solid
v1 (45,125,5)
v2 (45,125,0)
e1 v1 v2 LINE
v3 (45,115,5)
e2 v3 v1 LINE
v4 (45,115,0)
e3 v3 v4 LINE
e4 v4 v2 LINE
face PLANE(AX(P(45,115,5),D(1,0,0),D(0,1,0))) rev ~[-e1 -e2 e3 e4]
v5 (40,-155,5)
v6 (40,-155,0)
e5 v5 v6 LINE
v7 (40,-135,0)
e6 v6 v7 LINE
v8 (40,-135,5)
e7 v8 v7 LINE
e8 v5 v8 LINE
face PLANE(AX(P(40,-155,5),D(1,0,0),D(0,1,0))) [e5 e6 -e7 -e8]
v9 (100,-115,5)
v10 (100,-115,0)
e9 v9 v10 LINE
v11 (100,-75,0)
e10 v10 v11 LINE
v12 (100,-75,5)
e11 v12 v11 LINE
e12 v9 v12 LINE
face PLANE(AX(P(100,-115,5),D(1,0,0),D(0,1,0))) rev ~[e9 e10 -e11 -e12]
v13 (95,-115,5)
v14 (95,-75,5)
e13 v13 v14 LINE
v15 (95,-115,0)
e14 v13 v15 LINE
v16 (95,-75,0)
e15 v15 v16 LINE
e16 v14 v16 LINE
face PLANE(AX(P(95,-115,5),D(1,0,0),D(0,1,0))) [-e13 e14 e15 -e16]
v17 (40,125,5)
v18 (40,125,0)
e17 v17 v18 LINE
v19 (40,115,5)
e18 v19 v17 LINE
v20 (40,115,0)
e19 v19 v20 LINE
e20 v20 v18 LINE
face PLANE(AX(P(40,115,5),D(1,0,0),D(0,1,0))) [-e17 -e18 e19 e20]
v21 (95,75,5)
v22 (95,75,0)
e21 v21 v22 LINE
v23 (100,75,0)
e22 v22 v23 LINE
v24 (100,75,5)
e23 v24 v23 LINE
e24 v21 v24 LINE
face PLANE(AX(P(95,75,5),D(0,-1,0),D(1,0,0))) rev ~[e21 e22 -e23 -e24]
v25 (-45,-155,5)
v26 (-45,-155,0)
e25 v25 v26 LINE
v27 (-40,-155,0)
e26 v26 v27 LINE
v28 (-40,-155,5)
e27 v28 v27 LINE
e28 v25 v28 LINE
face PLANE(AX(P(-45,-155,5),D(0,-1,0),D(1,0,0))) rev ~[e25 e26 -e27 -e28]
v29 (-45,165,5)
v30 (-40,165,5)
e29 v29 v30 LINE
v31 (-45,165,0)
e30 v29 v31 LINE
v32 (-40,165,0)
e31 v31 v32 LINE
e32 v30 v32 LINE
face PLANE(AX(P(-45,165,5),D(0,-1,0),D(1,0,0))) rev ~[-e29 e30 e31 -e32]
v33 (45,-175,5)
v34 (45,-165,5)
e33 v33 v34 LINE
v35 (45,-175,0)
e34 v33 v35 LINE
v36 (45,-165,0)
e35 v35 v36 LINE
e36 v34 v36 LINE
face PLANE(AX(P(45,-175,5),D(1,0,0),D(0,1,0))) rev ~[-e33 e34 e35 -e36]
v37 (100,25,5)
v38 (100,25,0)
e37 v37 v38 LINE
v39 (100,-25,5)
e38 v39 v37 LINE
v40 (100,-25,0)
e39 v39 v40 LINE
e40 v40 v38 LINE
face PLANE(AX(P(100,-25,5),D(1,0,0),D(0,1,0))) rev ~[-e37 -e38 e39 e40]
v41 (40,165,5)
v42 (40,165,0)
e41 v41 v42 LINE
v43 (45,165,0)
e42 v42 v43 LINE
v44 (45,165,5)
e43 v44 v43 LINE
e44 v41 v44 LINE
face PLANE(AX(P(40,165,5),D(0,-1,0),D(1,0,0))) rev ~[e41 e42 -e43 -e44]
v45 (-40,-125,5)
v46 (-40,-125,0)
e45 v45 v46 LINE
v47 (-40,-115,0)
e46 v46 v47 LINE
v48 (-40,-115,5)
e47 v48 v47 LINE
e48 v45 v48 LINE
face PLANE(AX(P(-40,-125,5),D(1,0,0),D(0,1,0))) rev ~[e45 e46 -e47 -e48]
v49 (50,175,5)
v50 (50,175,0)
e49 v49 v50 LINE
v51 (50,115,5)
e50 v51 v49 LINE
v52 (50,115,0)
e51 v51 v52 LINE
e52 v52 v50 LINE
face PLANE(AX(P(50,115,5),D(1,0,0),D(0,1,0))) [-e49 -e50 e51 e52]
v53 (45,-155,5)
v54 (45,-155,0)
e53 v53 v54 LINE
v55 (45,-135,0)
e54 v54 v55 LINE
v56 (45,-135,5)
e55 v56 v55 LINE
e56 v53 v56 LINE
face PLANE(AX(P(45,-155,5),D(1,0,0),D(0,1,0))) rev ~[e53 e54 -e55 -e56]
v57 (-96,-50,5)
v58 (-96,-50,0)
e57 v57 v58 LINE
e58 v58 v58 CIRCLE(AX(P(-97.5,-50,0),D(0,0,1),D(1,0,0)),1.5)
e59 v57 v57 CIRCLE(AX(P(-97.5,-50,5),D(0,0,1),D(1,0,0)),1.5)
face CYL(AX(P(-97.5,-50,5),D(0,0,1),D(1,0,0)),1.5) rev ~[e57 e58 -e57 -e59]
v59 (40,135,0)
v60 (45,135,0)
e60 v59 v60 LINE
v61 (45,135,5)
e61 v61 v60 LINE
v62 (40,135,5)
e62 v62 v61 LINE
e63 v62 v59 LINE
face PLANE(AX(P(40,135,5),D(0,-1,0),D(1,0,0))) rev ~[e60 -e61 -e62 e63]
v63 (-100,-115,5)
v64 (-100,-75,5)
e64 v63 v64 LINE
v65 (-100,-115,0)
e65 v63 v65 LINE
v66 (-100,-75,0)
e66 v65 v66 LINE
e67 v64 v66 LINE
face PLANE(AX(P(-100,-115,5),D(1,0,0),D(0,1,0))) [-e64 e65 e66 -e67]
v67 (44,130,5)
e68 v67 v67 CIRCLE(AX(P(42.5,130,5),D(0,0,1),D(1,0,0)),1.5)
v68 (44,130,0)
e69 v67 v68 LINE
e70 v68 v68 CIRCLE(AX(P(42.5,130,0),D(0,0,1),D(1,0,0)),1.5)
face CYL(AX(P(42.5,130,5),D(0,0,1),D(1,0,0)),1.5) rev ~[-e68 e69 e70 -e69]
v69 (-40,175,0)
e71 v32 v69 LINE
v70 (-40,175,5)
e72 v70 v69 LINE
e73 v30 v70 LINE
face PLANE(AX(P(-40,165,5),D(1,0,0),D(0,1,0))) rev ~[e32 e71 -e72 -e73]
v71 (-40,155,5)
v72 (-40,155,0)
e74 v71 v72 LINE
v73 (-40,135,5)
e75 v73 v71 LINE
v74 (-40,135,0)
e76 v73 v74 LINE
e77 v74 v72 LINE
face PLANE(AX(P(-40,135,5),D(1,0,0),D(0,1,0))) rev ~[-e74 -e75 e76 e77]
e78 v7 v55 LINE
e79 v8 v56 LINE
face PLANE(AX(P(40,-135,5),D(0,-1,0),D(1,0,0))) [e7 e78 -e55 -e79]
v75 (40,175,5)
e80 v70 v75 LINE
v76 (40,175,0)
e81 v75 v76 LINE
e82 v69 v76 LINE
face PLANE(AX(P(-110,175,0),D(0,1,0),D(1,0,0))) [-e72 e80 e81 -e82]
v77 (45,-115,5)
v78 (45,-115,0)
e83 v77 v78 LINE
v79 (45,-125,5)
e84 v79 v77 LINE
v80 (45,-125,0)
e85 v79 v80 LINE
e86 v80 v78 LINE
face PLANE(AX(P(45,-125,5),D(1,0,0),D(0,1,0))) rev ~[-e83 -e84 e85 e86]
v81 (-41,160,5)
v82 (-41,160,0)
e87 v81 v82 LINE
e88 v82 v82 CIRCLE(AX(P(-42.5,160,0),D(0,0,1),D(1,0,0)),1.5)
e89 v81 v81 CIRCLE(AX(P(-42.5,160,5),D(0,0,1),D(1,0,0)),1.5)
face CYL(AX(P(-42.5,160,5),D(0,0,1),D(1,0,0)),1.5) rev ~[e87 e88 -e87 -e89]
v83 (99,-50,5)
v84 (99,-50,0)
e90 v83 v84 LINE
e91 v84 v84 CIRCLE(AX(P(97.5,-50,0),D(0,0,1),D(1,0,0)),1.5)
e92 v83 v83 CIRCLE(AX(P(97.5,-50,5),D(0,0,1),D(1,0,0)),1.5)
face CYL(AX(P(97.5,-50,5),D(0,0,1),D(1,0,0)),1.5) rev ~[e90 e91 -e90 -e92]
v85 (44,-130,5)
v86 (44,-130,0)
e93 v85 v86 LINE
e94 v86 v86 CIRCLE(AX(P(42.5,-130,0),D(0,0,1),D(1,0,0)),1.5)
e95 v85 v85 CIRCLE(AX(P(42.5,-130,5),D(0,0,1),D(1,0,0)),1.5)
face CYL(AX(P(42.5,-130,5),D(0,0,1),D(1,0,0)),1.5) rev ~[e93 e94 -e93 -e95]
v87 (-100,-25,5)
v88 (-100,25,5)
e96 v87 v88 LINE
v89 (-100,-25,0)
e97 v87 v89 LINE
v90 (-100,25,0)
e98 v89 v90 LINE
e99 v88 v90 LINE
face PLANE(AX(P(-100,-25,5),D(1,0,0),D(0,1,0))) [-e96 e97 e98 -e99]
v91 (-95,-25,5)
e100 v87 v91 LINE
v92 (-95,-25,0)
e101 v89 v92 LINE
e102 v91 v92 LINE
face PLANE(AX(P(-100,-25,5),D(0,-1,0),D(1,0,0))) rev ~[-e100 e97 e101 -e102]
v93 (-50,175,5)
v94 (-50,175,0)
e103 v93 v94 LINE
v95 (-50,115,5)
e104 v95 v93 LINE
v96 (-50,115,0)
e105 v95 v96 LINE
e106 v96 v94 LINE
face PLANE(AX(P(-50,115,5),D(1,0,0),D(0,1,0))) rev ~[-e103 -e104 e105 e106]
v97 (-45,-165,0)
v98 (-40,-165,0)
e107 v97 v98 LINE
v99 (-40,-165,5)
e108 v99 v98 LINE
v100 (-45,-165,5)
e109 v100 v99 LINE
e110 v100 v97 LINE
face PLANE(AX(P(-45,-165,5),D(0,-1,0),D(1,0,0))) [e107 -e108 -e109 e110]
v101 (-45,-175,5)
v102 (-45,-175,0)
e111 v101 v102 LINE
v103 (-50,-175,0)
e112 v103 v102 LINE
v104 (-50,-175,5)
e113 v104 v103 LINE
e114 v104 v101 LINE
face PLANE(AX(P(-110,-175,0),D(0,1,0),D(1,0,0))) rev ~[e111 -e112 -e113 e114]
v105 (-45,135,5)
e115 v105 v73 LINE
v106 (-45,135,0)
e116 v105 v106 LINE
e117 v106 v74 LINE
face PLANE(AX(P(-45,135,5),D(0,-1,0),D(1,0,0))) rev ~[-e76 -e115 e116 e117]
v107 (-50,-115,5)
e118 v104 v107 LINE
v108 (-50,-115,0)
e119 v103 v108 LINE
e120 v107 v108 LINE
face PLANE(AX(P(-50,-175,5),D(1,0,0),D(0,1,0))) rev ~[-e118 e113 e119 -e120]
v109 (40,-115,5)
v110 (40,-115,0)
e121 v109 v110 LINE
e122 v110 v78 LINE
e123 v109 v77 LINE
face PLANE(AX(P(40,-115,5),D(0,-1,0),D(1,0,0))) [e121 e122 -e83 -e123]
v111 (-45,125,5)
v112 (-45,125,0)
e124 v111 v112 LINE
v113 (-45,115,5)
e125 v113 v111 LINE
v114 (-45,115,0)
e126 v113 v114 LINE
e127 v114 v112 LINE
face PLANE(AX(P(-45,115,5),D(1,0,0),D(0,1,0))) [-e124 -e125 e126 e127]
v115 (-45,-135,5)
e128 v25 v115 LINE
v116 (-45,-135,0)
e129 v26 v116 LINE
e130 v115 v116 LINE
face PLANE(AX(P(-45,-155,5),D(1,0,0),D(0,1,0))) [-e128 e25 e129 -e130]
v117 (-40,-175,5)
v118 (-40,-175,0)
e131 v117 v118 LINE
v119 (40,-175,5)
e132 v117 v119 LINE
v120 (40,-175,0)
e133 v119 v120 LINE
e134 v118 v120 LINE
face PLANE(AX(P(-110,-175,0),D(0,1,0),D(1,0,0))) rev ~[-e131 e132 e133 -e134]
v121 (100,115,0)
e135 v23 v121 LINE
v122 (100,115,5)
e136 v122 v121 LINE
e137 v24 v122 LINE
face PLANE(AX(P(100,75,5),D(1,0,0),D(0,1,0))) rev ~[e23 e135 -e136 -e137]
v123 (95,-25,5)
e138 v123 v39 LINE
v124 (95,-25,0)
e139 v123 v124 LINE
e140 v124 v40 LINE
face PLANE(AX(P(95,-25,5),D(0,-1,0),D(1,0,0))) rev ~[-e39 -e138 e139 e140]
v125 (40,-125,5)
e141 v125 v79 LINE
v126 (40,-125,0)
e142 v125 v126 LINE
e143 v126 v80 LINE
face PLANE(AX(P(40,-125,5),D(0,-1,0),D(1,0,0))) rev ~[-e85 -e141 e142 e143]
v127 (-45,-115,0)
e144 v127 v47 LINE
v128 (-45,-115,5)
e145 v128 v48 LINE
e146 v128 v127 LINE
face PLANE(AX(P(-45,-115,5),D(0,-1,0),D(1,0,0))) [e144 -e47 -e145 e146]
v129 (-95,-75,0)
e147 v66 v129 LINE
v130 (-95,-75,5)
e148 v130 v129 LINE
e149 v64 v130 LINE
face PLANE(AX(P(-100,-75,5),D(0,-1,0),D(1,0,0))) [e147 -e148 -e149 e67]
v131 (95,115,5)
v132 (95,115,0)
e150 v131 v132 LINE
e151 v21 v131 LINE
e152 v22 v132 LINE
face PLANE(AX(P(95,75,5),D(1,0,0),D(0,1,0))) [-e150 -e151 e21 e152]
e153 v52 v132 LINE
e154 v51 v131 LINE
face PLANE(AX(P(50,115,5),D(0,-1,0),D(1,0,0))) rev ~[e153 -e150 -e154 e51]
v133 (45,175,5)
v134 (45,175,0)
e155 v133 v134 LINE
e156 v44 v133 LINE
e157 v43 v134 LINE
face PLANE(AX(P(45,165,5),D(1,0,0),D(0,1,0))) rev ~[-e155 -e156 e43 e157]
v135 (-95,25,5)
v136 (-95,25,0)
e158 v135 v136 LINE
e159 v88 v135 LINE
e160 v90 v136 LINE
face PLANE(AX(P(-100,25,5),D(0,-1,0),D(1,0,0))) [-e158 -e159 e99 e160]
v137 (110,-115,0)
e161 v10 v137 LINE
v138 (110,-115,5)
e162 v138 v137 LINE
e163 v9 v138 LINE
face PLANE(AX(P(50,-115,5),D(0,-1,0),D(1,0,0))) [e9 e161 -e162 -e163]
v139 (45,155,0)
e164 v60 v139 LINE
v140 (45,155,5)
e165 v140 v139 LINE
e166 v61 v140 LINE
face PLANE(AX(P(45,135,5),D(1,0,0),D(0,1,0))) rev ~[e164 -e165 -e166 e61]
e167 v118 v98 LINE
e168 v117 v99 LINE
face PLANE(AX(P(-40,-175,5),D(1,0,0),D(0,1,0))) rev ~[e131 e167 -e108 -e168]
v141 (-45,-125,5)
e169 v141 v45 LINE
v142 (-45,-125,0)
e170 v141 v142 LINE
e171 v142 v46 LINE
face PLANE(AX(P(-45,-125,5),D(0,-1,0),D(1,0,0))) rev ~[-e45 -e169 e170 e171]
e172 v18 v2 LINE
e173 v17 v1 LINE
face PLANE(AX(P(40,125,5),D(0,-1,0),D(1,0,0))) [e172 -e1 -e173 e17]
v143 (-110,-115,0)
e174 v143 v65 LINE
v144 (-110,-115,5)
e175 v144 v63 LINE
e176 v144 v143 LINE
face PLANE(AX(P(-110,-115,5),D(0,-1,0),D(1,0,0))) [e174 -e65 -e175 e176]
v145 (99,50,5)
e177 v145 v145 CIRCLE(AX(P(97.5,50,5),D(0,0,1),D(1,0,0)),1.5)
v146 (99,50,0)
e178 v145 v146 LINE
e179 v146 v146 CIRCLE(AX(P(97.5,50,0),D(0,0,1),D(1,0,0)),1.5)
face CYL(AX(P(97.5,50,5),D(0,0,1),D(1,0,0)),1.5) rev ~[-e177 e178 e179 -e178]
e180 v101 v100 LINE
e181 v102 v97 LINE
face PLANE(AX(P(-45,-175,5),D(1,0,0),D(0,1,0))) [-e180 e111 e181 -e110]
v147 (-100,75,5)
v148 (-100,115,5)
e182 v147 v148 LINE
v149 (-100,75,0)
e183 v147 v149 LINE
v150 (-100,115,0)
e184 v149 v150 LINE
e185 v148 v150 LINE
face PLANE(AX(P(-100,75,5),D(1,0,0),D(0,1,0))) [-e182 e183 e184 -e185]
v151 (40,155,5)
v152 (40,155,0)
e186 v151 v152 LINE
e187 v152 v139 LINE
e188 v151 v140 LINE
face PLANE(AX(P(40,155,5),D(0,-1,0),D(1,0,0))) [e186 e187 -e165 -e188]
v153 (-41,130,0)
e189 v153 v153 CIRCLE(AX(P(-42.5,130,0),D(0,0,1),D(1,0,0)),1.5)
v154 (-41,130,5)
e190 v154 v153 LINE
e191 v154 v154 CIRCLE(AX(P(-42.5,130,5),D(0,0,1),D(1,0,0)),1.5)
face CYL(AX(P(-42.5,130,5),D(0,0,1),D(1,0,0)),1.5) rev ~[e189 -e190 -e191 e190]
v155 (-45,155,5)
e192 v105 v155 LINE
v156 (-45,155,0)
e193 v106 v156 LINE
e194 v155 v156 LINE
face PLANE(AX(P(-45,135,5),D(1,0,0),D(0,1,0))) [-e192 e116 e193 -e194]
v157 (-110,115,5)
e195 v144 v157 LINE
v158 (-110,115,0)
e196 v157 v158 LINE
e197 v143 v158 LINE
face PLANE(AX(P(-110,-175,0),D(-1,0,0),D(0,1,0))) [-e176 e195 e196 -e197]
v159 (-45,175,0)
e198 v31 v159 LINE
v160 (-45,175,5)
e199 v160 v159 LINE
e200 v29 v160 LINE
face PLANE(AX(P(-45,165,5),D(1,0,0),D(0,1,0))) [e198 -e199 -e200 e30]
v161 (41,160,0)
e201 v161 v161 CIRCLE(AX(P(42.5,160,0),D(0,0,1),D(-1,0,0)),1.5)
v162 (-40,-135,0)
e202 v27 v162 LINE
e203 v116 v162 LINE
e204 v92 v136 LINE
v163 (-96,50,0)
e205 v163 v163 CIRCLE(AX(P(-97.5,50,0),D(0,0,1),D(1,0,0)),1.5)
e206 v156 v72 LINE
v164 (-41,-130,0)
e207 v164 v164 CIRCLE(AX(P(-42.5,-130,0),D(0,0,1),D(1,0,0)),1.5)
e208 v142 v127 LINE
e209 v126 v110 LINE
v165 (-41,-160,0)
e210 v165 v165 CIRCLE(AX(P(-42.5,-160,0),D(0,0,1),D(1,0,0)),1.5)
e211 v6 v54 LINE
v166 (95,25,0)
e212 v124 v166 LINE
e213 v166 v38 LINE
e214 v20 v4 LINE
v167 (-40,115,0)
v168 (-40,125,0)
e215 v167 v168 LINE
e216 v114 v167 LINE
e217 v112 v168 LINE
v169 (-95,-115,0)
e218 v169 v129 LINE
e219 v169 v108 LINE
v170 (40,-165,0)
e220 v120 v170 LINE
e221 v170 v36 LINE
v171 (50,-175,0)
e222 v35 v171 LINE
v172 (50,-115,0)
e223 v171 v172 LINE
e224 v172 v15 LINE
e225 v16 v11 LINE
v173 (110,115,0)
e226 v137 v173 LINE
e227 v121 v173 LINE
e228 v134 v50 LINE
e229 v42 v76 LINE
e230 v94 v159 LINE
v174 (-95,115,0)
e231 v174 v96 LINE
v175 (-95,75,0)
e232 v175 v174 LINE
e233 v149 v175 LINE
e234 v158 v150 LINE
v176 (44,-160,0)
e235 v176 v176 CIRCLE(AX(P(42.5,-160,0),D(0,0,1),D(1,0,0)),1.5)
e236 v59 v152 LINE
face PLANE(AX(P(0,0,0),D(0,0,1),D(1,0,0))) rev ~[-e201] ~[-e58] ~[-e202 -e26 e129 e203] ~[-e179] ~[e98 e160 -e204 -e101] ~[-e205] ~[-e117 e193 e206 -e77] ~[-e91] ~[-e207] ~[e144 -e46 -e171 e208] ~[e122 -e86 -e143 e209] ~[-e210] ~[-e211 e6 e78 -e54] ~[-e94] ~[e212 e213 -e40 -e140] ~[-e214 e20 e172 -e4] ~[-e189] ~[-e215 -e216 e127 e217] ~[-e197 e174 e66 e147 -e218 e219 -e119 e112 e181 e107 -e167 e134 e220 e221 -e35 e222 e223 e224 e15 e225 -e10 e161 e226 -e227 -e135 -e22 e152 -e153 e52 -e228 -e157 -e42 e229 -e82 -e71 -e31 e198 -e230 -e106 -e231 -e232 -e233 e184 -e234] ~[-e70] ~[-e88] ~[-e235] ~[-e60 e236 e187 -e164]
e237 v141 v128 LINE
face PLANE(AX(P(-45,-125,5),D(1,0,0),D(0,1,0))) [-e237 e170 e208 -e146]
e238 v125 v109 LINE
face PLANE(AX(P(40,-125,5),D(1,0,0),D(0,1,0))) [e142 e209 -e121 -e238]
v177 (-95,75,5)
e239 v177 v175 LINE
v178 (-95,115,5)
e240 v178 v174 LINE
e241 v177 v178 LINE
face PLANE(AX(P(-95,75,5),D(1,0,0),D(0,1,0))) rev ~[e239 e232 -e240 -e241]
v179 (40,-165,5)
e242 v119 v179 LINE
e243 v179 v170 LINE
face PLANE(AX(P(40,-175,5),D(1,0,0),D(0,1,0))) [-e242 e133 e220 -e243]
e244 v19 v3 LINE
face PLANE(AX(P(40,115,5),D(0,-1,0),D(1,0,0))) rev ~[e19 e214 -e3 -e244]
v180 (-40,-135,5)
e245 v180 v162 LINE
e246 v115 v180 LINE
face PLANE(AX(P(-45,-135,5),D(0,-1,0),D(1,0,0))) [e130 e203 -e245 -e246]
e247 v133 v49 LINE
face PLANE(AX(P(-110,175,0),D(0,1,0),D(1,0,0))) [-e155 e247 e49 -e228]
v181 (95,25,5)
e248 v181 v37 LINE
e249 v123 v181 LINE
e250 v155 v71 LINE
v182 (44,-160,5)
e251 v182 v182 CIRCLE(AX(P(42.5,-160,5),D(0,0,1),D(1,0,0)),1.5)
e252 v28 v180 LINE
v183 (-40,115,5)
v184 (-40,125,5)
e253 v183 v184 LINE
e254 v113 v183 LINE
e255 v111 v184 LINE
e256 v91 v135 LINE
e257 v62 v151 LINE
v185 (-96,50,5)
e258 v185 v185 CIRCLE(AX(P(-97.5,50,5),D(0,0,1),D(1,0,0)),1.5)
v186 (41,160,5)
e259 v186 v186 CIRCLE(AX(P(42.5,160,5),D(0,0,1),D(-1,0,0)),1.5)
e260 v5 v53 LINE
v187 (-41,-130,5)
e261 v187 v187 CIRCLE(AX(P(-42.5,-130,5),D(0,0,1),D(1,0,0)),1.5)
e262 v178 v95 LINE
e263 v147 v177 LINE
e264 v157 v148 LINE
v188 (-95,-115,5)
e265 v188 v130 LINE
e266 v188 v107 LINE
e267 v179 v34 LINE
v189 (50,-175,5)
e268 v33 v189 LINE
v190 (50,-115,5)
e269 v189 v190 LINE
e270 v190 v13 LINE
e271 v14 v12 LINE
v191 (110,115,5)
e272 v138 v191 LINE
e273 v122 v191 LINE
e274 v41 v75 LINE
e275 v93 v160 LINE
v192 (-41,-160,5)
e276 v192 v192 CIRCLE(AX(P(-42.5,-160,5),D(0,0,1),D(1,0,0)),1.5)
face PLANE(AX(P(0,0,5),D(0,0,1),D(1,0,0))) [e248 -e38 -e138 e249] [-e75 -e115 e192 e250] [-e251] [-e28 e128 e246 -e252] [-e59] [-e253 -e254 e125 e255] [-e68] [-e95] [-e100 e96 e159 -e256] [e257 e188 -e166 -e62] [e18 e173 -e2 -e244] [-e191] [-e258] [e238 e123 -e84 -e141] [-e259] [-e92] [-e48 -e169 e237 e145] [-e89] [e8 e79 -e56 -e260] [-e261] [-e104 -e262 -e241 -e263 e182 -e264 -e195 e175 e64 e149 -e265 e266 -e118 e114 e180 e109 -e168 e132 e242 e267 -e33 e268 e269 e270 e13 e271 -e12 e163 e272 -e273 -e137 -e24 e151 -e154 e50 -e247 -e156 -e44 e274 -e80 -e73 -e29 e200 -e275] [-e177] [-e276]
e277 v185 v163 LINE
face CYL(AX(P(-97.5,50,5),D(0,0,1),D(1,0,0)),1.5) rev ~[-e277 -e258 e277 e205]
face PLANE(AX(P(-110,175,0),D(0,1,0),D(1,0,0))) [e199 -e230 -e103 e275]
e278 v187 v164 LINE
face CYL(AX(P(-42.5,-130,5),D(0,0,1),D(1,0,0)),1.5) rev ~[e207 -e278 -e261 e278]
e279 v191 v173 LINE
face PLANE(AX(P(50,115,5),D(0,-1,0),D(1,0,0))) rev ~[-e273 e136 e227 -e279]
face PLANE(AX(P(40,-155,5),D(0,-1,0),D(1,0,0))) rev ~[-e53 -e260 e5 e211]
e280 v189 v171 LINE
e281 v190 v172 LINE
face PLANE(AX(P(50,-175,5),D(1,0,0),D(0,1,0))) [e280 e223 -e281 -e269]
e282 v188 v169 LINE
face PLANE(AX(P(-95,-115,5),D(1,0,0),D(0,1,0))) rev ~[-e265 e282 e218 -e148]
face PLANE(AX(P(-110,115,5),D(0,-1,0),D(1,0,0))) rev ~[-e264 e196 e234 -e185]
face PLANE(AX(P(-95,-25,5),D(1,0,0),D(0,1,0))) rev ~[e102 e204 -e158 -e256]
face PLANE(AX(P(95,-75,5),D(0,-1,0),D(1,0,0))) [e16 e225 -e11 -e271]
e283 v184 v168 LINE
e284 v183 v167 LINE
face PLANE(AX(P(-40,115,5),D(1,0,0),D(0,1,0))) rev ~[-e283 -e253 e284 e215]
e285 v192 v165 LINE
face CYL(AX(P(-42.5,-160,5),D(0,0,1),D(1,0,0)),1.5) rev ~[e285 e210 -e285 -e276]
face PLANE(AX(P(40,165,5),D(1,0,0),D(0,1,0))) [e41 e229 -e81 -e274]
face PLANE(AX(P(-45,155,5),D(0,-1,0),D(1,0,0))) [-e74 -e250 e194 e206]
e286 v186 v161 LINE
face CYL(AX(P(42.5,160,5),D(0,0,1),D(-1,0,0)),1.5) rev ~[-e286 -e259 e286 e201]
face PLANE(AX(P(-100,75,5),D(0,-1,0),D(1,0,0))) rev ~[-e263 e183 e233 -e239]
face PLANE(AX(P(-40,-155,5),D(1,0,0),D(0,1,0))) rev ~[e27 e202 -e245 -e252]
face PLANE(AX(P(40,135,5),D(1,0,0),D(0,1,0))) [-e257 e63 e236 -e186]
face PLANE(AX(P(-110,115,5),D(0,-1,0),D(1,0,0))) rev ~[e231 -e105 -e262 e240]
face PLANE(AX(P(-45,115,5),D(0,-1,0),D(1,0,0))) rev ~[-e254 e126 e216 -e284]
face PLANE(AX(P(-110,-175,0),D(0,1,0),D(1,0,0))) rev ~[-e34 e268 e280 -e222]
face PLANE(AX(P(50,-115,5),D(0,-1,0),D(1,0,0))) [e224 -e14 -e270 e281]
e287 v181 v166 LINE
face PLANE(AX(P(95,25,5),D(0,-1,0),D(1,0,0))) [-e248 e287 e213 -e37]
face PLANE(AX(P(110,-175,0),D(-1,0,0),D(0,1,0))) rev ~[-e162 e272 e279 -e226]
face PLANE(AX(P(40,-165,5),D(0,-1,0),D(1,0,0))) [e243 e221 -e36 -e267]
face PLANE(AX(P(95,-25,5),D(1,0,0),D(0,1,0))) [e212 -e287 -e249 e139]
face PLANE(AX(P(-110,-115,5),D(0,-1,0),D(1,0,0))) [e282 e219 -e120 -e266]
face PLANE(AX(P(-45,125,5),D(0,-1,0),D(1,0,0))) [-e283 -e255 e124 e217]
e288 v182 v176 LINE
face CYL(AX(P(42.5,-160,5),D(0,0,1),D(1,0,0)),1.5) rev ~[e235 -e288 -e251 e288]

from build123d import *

# Parameters (mm, degrees)
SKETCH1_W           = 220
SKETCH1_H           = 350
BOSS_EXTRUDE1_DEPTH = 5
SKETCH2_W           = 60
SKETCH2_H           = 60
CUT_EXTRUDE2_DEPTH  = 5
SKETCH3_W           = 5
SKETCH3_H           = 10
SKETCH3_H_2         = 20
CUT_EXTRUDE3_DEPTH  = 5
SKETCH4_R           = 1.5
CUT_EXTRUDE4_DEPTH  = 5
SKETCH5_W           = 5
SKETCH5_H           = 40
SKETCH5_H_2         = 50
CUT_EXTRUDE5_DEPTH  = 5
SKETCH6_R           = 1.5
CUT_EXTRUDE6_DEPTH  = 5


with BuildPart() as part:
    # Sketch1 → Boss-Extrude1 (new body)
    with BuildSketch(Plane.XY):
        Rectangle(SKETCH1_W, SKETCH1_H)
    extrude(amount=BOSS_EXTRUDE1_DEPTH)

    # Sketch2 → Cut-Extrude2 (cut)
    with BuildSketch(Plane.XY.offset(5)):
        with Locations((-80, -145)):
            Rectangle(SKETCH2_W, SKETCH2_H)
        with Locations((80, -145)):
            Rectangle(SKETCH2_W, SKETCH2_H)
        with Locations((80, 145)):
            Rectangle(SKETCH2_W, SKETCH2_H)
        with Locations((-80, 145)):
            Rectangle(SKETCH2_W, SKETCH2_H)
    extrude(amount=-CUT_EXTRUDE2_DEPTH, mode=Mode.SUBTRACT)

    # Sketch3 → Cut-Extrude3 (cut)
    with BuildSketch(Plane.XY.offset(5)):
        with Locations((42.5, 170)):
            Rectangle(SKETCH3_W, SKETCH3_H)
        with Locations((42.5, 145)):
            Rectangle(SKETCH3_W, SKETCH3_H_2)
        with Locations((42.5, 120)):
            Rectangle(SKETCH3_W, SKETCH3_H)
        with Locations((-42.5, 170)):
            Rectangle(SKETCH3_W, SKETCH3_H)
        with Locations((-42.5, 145)):
            Rectangle(SKETCH3_W, SKETCH3_H_2)
        with Locations((-42.5, 120)):
            Rectangle(SKETCH3_W, SKETCH3_H)
        with Locations((42.5, -120)):
            Rectangle(SKETCH3_W, SKETCH3_H)
        with Locations((42.5, -145)):
            Rectangle(SKETCH3_W, SKETCH3_H_2)
        with Locations((42.5, -170)):
            Rectangle(SKETCH3_W, SKETCH3_H)
        with Locations((-42.5, -120)):
            Rectangle(SKETCH3_W, SKETCH3_H)
        with Locations((-42.5, -145)):
            Rectangle(SKETCH3_W, SKETCH3_H_2)
        with Locations((-42.5, -170)):
            Rectangle(SKETCH3_W, SKETCH3_H)
    extrude(amount=-CUT_EXTRUDE3_DEPTH, mode=Mode.SUBTRACT)

    # Sketch4 → Cut-Extrude4 (cut)
    with BuildSketch(Plane.XY.offset(5)):
        with Locations((-42.5, 160)):
            Circle(SKETCH4_R)
        with Locations(Location((42.5, 160, 0), (0, 0, 180))):
            Circle(SKETCH4_R)
        with Locations((-42.5, 130)):
            Circle(SKETCH4_R)
        with Locations((42.5, 130)):
            Circle(SKETCH4_R)
        with Locations((-42.5, -160)):
            Circle(SKETCH4_R)
        with Locations((-42.5, -130)):
            Circle(SKETCH4_R)
        with Locations((42.5, -130)):
            Circle(SKETCH4_R)
        with Locations((42.5, -160)):
            Circle(SKETCH4_R)
    extrude(amount=-CUT_EXTRUDE4_DEPTH, mode=Mode.SUBTRACT)

    # Sketch5 → Cut-Extrude5 (cut)
    with BuildSketch(Plane.XY.offset(5)):
        with Locations((-97.5, -95)):
            Rectangle(SKETCH5_W, SKETCH5_H)
        with Locations((-97.5, 0)):
            Rectangle(SKETCH5_W, SKETCH5_H_2)
        with Locations((-97.5, 95)):
            Rectangle(SKETCH5_W, SKETCH5_H)
        with Locations((97.5, 95)):
            Rectangle(SKETCH5_W, SKETCH5_H)
        with Locations((97.5, 0)):
            Rectangle(SKETCH5_W, SKETCH5_H_2)
        with Locations((97.5, -95)):
            Rectangle(SKETCH5_W, SKETCH5_H)
    extrude(amount=-CUT_EXTRUDE5_DEPTH, mode=Mode.SUBTRACT)

    # Sketch6 → Cut-Extrude6 (cut)
    with BuildSketch(Plane.XY.offset(5)):
        with Locations((-97.5, 50)):
            Circle(SKETCH6_R)
        with Locations((-97.5, -50)):
            Circle(SKETCH6_R)
        with Locations((97.5, 50)):
            Circle(SKETCH6_R)
        with Locations((97.5, -50)):
            Circle(SKETCH6_R)
    extrude(amount=-CUT_EXTRUDE6_DEPTH, mode=Mode.SUBTRACT)


solid = part.part
